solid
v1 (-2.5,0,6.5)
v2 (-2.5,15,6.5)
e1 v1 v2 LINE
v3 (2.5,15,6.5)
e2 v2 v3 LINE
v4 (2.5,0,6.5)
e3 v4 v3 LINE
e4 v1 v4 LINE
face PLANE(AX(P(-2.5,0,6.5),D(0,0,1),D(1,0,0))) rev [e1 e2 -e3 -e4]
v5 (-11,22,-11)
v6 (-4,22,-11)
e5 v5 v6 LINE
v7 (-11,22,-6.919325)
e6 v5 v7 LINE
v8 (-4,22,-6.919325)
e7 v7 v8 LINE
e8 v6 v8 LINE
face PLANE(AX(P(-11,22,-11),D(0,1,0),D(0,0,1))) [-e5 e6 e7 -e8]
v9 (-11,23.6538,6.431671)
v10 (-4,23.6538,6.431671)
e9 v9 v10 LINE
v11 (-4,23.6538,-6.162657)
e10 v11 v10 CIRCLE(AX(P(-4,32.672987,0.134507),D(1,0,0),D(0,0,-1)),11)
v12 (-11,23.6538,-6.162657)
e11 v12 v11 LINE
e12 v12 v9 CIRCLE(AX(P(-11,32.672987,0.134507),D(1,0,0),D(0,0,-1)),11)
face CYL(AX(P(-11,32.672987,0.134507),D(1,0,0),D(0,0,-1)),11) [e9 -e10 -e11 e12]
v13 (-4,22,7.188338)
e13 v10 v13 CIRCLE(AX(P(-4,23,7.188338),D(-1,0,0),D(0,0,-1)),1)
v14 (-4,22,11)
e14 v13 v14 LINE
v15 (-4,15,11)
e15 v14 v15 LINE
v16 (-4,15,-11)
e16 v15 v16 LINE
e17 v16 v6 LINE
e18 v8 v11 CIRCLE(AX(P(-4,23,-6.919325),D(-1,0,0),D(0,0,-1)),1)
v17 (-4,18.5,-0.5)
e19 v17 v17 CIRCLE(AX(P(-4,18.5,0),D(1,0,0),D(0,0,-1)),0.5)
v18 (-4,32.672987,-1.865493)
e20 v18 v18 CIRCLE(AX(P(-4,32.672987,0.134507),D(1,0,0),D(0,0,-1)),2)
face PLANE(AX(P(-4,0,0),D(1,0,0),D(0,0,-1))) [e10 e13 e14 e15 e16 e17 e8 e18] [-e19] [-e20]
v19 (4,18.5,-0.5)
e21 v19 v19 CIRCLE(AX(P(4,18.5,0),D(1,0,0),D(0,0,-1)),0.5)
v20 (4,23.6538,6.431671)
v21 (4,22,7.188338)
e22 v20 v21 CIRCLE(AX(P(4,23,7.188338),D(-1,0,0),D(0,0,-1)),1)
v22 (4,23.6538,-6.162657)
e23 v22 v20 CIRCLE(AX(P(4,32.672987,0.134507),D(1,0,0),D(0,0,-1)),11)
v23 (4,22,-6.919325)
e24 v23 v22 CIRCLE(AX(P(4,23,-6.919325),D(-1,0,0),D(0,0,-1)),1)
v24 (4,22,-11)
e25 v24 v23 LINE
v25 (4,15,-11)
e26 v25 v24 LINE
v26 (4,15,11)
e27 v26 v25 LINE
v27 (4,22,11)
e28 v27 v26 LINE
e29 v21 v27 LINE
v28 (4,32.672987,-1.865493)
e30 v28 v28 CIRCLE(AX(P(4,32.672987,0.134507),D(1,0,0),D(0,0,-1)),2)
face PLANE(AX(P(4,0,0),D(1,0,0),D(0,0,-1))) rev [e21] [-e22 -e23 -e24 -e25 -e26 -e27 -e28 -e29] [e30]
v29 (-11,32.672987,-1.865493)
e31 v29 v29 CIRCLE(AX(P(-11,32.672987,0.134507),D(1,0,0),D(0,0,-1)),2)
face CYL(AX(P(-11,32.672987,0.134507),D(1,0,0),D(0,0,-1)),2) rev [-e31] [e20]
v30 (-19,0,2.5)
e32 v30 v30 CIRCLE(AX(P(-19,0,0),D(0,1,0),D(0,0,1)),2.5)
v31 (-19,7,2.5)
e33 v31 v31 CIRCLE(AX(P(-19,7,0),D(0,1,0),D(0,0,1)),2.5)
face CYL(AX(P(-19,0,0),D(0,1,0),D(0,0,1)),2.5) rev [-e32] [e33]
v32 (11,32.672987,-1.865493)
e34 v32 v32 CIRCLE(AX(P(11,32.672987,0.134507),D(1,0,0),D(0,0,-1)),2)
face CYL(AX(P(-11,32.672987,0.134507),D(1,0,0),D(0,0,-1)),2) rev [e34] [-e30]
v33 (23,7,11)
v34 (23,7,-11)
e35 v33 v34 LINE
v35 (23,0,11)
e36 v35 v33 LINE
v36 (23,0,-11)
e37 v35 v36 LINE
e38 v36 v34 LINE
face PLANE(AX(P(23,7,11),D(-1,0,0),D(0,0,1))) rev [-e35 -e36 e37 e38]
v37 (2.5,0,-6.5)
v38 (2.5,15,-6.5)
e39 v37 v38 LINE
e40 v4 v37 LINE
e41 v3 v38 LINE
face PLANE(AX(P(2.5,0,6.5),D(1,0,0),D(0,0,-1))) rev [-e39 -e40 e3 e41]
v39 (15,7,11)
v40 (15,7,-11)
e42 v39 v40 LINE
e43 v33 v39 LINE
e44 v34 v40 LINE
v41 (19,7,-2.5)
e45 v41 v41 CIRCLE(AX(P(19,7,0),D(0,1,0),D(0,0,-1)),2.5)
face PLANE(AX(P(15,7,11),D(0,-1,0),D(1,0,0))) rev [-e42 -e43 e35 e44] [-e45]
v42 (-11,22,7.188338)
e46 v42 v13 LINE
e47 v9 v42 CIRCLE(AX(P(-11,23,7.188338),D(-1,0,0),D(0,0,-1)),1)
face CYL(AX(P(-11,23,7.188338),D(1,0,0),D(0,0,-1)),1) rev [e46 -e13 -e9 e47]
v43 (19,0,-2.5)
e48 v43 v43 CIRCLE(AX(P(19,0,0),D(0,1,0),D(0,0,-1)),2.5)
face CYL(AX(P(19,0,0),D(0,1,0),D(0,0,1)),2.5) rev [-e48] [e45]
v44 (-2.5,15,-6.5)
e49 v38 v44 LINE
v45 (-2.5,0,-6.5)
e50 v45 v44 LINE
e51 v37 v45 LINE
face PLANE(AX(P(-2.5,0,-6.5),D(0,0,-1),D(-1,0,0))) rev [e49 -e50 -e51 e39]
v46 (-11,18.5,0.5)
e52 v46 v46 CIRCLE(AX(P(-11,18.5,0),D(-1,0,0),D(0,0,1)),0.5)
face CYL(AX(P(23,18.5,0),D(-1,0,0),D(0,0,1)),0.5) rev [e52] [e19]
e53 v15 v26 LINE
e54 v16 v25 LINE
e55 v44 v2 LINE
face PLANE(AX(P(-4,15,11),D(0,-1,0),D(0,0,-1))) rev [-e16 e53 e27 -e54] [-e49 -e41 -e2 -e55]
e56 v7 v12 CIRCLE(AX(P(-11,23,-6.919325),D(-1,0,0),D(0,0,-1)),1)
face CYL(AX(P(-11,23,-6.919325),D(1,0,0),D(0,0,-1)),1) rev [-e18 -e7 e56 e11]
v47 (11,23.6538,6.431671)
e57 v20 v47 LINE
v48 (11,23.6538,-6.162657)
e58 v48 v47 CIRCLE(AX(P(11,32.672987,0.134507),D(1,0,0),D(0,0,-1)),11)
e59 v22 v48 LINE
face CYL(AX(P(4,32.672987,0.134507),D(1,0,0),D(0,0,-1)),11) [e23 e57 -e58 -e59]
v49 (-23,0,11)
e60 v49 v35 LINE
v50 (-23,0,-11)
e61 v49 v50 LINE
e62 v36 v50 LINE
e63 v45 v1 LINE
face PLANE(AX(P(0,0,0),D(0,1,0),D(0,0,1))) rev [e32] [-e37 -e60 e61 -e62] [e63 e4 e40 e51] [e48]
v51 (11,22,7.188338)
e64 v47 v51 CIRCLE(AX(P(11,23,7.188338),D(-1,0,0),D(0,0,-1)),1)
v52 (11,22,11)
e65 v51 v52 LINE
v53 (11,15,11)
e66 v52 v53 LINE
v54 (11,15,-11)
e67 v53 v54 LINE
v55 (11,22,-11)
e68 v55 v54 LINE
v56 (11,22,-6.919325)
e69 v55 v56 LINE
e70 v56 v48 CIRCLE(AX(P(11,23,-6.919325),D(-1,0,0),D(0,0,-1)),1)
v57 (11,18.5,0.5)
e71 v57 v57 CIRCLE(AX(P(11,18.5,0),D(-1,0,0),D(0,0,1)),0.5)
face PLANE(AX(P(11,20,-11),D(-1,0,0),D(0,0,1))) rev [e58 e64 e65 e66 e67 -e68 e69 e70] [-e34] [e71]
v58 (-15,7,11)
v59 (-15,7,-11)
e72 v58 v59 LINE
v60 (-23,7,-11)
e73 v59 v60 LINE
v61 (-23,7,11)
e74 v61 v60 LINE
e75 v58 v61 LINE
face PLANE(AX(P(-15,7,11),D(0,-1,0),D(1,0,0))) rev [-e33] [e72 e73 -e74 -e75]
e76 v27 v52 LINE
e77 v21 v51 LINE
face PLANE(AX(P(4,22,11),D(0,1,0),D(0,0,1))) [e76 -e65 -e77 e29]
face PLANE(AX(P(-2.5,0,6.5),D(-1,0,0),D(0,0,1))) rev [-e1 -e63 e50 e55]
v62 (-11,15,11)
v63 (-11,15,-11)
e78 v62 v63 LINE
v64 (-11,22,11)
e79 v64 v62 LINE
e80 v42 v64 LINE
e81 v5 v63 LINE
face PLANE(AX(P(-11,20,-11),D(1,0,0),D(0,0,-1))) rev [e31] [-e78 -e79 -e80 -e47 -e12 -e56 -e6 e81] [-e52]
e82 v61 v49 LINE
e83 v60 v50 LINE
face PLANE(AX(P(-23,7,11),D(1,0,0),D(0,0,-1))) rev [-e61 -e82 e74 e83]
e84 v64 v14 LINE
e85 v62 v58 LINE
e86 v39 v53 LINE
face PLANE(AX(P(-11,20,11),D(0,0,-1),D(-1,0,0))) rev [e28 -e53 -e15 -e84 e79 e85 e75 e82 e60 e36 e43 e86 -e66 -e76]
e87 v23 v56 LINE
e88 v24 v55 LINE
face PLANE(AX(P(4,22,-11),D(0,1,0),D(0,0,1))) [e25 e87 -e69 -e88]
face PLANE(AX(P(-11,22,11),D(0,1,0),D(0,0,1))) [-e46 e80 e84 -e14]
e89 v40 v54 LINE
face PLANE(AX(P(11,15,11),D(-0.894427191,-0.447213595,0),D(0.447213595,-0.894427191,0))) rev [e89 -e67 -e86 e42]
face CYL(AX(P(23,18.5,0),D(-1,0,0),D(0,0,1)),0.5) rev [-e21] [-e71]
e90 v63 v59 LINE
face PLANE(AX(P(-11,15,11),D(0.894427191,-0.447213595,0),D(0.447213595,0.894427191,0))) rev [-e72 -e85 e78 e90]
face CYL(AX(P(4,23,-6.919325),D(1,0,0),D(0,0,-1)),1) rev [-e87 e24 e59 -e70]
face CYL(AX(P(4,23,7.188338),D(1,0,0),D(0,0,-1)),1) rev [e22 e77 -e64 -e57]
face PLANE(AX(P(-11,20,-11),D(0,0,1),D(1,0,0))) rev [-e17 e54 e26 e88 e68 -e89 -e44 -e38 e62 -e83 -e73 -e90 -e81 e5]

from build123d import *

# Parameters (mm, degrees)
SKETCH1_W                      = 22
SKETCH1_H                      = 22
BODY_BASE_DEPTH                = 20
SKETCH8_W                      = 22
SKETCH8_H                      = 5
CHANNEL_FOR_TENDONS_DEPTH      = 4
BOSS_EXTRUDE2_DEPTH            = 7
LPATTERN1_COUNT                = 2
LPATTERN1_PITCH                = 15
SKETCH11_R                     = 2
CONNECT_TO_GRIPPERS_DEPTH      = 23
BOSS_EXTRUDE3_DEPTH            = 11
SKETCH13_R                     = 2.5
CUT_EXTRUDE3_DEPTH             = 8
SKETCH16_W                     = 5
SKETCH16_H                     = 13
TENDON_PASS_THROUGH_HOLE_DEPTH = 16
SKETCH17_R                     = 0.5
TENDON_PIN_HOLE_DEPTH          = 35


with BuildPart() as part:
    # Sketch1 → Body Base (new body)
    with BuildSketch(Plane(origin=(0, 0, 0), x_dir=(1, 0, 0), z_dir=(0, 1, 0))):
        Rectangle(SKETCH1_W, SKETCH1_H)
    extrude(amount=BODY_BASE_DEPTH)

    # Sketch8 → Channel for Tendons (cut, symmetric)
    with BuildSketch(Plane(origin=(0, 0, 0), x_dir=(0, 0, -1), z_dir=(1, 0, 0))):
        with Locations((0, 17.5)):
            Rectangle(SKETCH8_W, SKETCH8_H)
    extrude(amount=CHANNEL_FOR_TENDONS_DEPTH, both=True, mode=Mode.SUBTRACT)

    # Sketch9 → Boss-Extrude2 (add)
    with BuildSketch(Plane(origin=(11, 0, 0), x_dir=(0, 0, -1), z_dir=(1, 0, 0))):
        with BuildLine():
            Line((-11, 20), (-11, 22))
            Line((-11, 22), (-7.188338132, 22))
            ThreePointArc((-7.188338132, 22), (-6.278997638, 22.58394728), (-6.43167096, 23.653800269))
            ThreePointArc((-6.43167096, 23.653800269), (-0.13450677, 43.67298666), (6.16265742, 23.653800269))
            ThreePointArc((6.16265742, 23.653800269), (6.009984097, 22.58394728), (6.919324592, 22))
            Line((6.919324592, 22), (11, 22))
            Line((11, 22), (11, 20))
            Line((11, 20), (-11, 20))
        make_face()
    boss_extrude2 = extrude(amount=-BOSS_EXTRUDE2_DEPTH)

    # LPattern1: Boss-Extrude2 ×2
    with Locations(*[(-i * LPATTERN1_PITCH, 0, 0) for i in range(1, LPATTERN1_COUNT)]):
        add(boss_extrude2)

    # Sketch11 → Connect to Grippers (cut, through all)
    with BuildSketch(Plane(origin=(11, 0, 0), x_dir=(0, 0, -1), z_dir=(1, 0, 0))):
        with Locations((-0.13450677, 32.67298666)):
            Circle(SKETCH11_R)
    extrude(amount=-CONNECT_TO_GRIPPERS_DEPTH, mode=Mode.SUBTRACT)

    # Sketch12 → Boss-Extrude3 (add, symmetric)
    with BuildSketch(Plane.XY):
        Polygon((-11, 15), (-15, 7), (-23, 7), (-23, 0), (-11, 0), align=None)
        Polygon((11, 15), (15, 7), (23, 7), (23, 0), (11, 0), align=None)
    extrude(amount=BOSS_EXTRUDE3_DEPTH, both=True)

    # Sketch13 → Cut-Extrude3 (cut, through all)
    with BuildSketch(Plane(origin=(0, 7, 0), x_dir=(1, 0, 0), z_dir=(0, 1, 0))):
        with Locations((-19, 0)):
            Circle(SKETCH13_R)
        with Locations((19, 0)):
            Circle(SKETCH13_R)
    extrude(amount=-CUT_EXTRUDE3_DEPTH, mode=Mode.SUBTRACT)

    # Sketch16 → Tendon Pass Through Hole (cut, through all)
    with BuildSketch(Plane(origin=(0, 15, 0), x_dir=(1, 0, 0), z_dir=(0, 1, 0))):
        Rectangle(SKETCH16_W, SKETCH16_H)
    extrude(amount=-TENDON_PASS_THROUGH_HOLE_DEPTH, mode=Mode.SUBTRACT)

    # Sketch17 → Tendon Pin Hole (cut, through all)
    with BuildSketch(Plane.ZY.offset(11)):
        with Locations((0, 18.5)):
            Circle(SKETCH17_R)
    extrude(amount=-TENDON_PIN_HOLE_DEPTH, mode=Mode.SUBTRACT)


solid = part.part
